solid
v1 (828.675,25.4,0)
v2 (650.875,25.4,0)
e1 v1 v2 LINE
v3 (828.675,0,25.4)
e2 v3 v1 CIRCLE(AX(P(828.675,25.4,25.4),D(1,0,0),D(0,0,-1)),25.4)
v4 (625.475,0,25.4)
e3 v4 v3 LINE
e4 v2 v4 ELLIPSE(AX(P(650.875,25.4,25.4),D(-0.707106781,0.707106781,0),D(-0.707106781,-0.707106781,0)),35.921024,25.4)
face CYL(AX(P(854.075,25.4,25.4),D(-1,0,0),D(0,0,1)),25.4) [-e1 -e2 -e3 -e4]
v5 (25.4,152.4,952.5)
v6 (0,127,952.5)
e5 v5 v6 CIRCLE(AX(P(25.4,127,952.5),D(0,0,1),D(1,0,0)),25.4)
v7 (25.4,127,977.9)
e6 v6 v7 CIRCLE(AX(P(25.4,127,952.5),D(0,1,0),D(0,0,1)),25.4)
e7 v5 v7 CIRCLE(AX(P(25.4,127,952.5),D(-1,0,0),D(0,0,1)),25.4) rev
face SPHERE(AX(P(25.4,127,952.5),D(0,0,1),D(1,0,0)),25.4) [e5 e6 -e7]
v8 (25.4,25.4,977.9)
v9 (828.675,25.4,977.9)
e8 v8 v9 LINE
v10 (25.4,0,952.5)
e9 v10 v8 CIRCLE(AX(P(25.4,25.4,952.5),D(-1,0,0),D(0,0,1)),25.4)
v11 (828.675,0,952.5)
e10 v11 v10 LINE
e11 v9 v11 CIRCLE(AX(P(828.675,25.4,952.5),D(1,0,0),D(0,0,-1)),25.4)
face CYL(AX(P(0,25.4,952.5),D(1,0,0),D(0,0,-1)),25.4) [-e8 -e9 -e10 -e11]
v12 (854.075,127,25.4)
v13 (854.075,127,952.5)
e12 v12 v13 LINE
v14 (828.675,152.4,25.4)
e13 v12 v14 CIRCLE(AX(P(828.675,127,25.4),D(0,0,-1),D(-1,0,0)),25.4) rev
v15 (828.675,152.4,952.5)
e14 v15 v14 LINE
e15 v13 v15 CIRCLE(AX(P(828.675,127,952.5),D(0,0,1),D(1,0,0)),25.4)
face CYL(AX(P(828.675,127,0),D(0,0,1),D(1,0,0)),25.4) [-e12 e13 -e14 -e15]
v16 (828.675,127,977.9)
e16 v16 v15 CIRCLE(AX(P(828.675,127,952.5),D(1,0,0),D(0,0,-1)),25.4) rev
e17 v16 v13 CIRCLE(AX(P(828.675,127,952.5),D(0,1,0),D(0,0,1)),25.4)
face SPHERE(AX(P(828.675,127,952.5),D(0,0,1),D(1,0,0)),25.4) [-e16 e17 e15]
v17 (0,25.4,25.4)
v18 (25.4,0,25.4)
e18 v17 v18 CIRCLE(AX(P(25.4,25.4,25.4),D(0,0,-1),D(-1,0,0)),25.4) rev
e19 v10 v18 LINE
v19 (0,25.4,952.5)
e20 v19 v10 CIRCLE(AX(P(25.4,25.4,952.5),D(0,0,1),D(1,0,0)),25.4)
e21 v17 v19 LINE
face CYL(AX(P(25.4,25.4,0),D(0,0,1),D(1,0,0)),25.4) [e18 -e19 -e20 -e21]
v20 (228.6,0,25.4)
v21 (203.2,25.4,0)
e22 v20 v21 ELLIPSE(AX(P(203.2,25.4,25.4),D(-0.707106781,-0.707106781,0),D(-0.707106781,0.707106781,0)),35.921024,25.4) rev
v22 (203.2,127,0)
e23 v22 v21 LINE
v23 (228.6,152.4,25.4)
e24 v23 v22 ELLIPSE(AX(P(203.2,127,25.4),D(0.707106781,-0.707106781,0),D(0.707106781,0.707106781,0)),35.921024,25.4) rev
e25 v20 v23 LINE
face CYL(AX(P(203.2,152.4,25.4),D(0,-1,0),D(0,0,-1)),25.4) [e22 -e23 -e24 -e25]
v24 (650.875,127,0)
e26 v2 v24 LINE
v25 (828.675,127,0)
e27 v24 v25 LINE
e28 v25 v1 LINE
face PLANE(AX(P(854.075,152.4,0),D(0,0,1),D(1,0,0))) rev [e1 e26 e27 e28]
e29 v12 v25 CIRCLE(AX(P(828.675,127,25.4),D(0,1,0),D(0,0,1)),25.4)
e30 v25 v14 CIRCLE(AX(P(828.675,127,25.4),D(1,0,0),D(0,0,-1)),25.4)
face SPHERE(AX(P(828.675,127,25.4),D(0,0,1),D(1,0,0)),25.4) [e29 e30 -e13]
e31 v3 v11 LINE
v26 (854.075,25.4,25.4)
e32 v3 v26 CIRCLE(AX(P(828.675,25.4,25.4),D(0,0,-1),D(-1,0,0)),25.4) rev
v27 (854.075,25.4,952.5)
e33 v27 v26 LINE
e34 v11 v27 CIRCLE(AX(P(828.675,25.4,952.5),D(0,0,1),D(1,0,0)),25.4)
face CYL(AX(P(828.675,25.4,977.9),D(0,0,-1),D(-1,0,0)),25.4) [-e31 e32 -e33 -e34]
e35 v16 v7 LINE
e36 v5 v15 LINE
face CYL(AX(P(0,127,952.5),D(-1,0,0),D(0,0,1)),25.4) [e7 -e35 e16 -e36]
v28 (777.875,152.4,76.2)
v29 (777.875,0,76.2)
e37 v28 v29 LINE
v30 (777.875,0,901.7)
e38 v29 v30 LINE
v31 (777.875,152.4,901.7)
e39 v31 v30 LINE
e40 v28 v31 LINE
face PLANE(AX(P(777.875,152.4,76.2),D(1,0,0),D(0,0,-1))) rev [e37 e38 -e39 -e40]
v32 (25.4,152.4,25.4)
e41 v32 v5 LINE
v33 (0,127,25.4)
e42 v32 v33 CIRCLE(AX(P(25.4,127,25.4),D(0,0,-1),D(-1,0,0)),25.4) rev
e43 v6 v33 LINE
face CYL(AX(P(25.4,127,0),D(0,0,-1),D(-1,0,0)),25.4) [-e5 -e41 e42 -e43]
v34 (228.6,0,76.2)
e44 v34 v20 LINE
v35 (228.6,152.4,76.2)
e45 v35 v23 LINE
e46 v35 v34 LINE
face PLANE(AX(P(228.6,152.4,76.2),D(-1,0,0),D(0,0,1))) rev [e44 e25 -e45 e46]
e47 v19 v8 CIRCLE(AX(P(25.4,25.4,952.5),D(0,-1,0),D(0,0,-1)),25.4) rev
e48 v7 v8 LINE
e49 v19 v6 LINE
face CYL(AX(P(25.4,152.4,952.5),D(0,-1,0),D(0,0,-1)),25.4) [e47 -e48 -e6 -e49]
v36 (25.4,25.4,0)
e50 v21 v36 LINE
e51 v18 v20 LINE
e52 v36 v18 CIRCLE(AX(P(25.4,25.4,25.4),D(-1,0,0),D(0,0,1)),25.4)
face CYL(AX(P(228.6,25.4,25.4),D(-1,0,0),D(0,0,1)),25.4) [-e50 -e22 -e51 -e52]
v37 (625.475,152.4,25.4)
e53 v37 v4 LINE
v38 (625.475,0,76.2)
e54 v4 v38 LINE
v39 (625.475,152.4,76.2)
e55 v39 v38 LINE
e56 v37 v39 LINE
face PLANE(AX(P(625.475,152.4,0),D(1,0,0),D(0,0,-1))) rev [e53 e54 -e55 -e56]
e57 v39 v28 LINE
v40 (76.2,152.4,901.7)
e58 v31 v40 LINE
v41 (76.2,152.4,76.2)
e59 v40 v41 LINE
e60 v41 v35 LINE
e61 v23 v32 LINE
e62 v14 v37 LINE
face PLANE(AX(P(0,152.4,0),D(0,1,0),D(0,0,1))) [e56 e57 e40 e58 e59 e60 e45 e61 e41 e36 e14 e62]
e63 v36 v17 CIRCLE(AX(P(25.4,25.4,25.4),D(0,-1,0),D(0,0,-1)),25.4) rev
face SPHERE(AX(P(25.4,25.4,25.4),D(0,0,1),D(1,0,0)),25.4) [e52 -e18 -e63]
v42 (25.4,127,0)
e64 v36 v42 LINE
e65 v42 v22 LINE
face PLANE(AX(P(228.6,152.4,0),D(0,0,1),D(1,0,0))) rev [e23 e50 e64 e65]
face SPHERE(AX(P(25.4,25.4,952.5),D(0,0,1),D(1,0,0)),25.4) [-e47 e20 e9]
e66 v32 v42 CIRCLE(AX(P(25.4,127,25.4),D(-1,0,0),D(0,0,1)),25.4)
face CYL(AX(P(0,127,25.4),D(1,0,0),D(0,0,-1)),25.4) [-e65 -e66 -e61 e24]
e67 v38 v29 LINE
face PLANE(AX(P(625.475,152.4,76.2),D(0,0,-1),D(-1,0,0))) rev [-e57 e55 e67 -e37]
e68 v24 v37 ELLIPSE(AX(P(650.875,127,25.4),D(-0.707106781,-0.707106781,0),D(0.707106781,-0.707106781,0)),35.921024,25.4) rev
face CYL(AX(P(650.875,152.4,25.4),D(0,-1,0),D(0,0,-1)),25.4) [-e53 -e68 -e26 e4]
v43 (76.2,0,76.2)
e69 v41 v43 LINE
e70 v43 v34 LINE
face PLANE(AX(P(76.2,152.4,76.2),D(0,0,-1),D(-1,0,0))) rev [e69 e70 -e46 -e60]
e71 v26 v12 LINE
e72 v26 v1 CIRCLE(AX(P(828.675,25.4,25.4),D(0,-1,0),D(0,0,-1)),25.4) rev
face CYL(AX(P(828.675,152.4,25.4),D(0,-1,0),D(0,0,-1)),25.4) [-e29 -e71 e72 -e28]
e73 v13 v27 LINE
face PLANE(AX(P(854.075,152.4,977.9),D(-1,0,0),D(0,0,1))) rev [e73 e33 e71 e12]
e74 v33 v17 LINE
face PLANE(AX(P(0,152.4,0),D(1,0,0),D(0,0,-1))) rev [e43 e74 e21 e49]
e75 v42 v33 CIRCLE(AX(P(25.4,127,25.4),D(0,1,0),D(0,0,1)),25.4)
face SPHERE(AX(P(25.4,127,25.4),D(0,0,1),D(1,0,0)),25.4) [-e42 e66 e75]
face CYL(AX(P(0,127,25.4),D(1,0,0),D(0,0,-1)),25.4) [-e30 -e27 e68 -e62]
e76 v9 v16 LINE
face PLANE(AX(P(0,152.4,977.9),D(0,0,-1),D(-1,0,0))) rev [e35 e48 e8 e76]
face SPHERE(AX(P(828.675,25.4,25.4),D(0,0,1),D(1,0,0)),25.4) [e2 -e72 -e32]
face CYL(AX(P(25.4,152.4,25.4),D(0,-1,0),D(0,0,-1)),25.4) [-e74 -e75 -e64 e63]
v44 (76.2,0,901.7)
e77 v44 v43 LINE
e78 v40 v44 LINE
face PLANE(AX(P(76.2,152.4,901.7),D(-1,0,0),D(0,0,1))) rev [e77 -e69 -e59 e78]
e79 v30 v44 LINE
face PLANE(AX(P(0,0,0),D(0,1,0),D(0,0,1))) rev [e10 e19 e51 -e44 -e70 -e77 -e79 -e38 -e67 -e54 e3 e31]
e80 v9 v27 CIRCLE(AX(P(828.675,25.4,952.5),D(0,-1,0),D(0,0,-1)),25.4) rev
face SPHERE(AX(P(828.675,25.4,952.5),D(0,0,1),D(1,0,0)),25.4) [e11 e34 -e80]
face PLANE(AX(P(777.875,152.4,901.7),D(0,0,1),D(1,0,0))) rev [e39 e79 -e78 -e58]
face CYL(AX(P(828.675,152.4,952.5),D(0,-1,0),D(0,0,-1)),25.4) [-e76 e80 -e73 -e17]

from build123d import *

# Parameters (mm, degrees)
BOSS_EXTRUDE1_DEPTH = 152.4
FILLET1_R           = 25.4


with BuildPart() as part:
    # Sketch1 → Boss-Extrude1 (new body)
    with BuildSketch(Plane(origin=(0, 0, 0), x_dir=(1, 0, 0), z_dir=(0, 1, 0))):
        Polygon((228.6, 0), (0, 0), (0, -977.9), (854.075, -977.9), (854.075, 0), (625.475, 0), (625.475, -76.2), (777.875, -76.2), (777.875, -901.7), (76.2, -901.7), (76.2, -76.2), (228.6, -76.2), align=None)
    extrude(amount=BOSS_EXTRUDE1_DEPTH)

    # Fillet1
    fillet1_edges = [part.edges().sort_by_distance(p)[0] for p in [
        (0, 152.4, 488.95),
        (427.0375, 152.4, 977.9),
        (739.775, 0, 0),
        (854.075, 0, 488.95),
        (427.0375, 0, 977.9),
        (0, 0, 488.95),
        (114.3, 0, 0),
        (854.075, 152.4, 488.95),
        (739.775, 152.4, 0),
        (625.475, 76.2, 0),
        (854.075, 76.2, 0),
        (854.075, 76.2, 977.9),
        (0, 76.2, 977.9),
        (0, 76.2, 0),
        (228.6, 76.2, 0),
        (114.3, 152.4, 0),
    ]]
    fillet(fillet1_edges, radius=FILLET1_R)


solid = part.part
